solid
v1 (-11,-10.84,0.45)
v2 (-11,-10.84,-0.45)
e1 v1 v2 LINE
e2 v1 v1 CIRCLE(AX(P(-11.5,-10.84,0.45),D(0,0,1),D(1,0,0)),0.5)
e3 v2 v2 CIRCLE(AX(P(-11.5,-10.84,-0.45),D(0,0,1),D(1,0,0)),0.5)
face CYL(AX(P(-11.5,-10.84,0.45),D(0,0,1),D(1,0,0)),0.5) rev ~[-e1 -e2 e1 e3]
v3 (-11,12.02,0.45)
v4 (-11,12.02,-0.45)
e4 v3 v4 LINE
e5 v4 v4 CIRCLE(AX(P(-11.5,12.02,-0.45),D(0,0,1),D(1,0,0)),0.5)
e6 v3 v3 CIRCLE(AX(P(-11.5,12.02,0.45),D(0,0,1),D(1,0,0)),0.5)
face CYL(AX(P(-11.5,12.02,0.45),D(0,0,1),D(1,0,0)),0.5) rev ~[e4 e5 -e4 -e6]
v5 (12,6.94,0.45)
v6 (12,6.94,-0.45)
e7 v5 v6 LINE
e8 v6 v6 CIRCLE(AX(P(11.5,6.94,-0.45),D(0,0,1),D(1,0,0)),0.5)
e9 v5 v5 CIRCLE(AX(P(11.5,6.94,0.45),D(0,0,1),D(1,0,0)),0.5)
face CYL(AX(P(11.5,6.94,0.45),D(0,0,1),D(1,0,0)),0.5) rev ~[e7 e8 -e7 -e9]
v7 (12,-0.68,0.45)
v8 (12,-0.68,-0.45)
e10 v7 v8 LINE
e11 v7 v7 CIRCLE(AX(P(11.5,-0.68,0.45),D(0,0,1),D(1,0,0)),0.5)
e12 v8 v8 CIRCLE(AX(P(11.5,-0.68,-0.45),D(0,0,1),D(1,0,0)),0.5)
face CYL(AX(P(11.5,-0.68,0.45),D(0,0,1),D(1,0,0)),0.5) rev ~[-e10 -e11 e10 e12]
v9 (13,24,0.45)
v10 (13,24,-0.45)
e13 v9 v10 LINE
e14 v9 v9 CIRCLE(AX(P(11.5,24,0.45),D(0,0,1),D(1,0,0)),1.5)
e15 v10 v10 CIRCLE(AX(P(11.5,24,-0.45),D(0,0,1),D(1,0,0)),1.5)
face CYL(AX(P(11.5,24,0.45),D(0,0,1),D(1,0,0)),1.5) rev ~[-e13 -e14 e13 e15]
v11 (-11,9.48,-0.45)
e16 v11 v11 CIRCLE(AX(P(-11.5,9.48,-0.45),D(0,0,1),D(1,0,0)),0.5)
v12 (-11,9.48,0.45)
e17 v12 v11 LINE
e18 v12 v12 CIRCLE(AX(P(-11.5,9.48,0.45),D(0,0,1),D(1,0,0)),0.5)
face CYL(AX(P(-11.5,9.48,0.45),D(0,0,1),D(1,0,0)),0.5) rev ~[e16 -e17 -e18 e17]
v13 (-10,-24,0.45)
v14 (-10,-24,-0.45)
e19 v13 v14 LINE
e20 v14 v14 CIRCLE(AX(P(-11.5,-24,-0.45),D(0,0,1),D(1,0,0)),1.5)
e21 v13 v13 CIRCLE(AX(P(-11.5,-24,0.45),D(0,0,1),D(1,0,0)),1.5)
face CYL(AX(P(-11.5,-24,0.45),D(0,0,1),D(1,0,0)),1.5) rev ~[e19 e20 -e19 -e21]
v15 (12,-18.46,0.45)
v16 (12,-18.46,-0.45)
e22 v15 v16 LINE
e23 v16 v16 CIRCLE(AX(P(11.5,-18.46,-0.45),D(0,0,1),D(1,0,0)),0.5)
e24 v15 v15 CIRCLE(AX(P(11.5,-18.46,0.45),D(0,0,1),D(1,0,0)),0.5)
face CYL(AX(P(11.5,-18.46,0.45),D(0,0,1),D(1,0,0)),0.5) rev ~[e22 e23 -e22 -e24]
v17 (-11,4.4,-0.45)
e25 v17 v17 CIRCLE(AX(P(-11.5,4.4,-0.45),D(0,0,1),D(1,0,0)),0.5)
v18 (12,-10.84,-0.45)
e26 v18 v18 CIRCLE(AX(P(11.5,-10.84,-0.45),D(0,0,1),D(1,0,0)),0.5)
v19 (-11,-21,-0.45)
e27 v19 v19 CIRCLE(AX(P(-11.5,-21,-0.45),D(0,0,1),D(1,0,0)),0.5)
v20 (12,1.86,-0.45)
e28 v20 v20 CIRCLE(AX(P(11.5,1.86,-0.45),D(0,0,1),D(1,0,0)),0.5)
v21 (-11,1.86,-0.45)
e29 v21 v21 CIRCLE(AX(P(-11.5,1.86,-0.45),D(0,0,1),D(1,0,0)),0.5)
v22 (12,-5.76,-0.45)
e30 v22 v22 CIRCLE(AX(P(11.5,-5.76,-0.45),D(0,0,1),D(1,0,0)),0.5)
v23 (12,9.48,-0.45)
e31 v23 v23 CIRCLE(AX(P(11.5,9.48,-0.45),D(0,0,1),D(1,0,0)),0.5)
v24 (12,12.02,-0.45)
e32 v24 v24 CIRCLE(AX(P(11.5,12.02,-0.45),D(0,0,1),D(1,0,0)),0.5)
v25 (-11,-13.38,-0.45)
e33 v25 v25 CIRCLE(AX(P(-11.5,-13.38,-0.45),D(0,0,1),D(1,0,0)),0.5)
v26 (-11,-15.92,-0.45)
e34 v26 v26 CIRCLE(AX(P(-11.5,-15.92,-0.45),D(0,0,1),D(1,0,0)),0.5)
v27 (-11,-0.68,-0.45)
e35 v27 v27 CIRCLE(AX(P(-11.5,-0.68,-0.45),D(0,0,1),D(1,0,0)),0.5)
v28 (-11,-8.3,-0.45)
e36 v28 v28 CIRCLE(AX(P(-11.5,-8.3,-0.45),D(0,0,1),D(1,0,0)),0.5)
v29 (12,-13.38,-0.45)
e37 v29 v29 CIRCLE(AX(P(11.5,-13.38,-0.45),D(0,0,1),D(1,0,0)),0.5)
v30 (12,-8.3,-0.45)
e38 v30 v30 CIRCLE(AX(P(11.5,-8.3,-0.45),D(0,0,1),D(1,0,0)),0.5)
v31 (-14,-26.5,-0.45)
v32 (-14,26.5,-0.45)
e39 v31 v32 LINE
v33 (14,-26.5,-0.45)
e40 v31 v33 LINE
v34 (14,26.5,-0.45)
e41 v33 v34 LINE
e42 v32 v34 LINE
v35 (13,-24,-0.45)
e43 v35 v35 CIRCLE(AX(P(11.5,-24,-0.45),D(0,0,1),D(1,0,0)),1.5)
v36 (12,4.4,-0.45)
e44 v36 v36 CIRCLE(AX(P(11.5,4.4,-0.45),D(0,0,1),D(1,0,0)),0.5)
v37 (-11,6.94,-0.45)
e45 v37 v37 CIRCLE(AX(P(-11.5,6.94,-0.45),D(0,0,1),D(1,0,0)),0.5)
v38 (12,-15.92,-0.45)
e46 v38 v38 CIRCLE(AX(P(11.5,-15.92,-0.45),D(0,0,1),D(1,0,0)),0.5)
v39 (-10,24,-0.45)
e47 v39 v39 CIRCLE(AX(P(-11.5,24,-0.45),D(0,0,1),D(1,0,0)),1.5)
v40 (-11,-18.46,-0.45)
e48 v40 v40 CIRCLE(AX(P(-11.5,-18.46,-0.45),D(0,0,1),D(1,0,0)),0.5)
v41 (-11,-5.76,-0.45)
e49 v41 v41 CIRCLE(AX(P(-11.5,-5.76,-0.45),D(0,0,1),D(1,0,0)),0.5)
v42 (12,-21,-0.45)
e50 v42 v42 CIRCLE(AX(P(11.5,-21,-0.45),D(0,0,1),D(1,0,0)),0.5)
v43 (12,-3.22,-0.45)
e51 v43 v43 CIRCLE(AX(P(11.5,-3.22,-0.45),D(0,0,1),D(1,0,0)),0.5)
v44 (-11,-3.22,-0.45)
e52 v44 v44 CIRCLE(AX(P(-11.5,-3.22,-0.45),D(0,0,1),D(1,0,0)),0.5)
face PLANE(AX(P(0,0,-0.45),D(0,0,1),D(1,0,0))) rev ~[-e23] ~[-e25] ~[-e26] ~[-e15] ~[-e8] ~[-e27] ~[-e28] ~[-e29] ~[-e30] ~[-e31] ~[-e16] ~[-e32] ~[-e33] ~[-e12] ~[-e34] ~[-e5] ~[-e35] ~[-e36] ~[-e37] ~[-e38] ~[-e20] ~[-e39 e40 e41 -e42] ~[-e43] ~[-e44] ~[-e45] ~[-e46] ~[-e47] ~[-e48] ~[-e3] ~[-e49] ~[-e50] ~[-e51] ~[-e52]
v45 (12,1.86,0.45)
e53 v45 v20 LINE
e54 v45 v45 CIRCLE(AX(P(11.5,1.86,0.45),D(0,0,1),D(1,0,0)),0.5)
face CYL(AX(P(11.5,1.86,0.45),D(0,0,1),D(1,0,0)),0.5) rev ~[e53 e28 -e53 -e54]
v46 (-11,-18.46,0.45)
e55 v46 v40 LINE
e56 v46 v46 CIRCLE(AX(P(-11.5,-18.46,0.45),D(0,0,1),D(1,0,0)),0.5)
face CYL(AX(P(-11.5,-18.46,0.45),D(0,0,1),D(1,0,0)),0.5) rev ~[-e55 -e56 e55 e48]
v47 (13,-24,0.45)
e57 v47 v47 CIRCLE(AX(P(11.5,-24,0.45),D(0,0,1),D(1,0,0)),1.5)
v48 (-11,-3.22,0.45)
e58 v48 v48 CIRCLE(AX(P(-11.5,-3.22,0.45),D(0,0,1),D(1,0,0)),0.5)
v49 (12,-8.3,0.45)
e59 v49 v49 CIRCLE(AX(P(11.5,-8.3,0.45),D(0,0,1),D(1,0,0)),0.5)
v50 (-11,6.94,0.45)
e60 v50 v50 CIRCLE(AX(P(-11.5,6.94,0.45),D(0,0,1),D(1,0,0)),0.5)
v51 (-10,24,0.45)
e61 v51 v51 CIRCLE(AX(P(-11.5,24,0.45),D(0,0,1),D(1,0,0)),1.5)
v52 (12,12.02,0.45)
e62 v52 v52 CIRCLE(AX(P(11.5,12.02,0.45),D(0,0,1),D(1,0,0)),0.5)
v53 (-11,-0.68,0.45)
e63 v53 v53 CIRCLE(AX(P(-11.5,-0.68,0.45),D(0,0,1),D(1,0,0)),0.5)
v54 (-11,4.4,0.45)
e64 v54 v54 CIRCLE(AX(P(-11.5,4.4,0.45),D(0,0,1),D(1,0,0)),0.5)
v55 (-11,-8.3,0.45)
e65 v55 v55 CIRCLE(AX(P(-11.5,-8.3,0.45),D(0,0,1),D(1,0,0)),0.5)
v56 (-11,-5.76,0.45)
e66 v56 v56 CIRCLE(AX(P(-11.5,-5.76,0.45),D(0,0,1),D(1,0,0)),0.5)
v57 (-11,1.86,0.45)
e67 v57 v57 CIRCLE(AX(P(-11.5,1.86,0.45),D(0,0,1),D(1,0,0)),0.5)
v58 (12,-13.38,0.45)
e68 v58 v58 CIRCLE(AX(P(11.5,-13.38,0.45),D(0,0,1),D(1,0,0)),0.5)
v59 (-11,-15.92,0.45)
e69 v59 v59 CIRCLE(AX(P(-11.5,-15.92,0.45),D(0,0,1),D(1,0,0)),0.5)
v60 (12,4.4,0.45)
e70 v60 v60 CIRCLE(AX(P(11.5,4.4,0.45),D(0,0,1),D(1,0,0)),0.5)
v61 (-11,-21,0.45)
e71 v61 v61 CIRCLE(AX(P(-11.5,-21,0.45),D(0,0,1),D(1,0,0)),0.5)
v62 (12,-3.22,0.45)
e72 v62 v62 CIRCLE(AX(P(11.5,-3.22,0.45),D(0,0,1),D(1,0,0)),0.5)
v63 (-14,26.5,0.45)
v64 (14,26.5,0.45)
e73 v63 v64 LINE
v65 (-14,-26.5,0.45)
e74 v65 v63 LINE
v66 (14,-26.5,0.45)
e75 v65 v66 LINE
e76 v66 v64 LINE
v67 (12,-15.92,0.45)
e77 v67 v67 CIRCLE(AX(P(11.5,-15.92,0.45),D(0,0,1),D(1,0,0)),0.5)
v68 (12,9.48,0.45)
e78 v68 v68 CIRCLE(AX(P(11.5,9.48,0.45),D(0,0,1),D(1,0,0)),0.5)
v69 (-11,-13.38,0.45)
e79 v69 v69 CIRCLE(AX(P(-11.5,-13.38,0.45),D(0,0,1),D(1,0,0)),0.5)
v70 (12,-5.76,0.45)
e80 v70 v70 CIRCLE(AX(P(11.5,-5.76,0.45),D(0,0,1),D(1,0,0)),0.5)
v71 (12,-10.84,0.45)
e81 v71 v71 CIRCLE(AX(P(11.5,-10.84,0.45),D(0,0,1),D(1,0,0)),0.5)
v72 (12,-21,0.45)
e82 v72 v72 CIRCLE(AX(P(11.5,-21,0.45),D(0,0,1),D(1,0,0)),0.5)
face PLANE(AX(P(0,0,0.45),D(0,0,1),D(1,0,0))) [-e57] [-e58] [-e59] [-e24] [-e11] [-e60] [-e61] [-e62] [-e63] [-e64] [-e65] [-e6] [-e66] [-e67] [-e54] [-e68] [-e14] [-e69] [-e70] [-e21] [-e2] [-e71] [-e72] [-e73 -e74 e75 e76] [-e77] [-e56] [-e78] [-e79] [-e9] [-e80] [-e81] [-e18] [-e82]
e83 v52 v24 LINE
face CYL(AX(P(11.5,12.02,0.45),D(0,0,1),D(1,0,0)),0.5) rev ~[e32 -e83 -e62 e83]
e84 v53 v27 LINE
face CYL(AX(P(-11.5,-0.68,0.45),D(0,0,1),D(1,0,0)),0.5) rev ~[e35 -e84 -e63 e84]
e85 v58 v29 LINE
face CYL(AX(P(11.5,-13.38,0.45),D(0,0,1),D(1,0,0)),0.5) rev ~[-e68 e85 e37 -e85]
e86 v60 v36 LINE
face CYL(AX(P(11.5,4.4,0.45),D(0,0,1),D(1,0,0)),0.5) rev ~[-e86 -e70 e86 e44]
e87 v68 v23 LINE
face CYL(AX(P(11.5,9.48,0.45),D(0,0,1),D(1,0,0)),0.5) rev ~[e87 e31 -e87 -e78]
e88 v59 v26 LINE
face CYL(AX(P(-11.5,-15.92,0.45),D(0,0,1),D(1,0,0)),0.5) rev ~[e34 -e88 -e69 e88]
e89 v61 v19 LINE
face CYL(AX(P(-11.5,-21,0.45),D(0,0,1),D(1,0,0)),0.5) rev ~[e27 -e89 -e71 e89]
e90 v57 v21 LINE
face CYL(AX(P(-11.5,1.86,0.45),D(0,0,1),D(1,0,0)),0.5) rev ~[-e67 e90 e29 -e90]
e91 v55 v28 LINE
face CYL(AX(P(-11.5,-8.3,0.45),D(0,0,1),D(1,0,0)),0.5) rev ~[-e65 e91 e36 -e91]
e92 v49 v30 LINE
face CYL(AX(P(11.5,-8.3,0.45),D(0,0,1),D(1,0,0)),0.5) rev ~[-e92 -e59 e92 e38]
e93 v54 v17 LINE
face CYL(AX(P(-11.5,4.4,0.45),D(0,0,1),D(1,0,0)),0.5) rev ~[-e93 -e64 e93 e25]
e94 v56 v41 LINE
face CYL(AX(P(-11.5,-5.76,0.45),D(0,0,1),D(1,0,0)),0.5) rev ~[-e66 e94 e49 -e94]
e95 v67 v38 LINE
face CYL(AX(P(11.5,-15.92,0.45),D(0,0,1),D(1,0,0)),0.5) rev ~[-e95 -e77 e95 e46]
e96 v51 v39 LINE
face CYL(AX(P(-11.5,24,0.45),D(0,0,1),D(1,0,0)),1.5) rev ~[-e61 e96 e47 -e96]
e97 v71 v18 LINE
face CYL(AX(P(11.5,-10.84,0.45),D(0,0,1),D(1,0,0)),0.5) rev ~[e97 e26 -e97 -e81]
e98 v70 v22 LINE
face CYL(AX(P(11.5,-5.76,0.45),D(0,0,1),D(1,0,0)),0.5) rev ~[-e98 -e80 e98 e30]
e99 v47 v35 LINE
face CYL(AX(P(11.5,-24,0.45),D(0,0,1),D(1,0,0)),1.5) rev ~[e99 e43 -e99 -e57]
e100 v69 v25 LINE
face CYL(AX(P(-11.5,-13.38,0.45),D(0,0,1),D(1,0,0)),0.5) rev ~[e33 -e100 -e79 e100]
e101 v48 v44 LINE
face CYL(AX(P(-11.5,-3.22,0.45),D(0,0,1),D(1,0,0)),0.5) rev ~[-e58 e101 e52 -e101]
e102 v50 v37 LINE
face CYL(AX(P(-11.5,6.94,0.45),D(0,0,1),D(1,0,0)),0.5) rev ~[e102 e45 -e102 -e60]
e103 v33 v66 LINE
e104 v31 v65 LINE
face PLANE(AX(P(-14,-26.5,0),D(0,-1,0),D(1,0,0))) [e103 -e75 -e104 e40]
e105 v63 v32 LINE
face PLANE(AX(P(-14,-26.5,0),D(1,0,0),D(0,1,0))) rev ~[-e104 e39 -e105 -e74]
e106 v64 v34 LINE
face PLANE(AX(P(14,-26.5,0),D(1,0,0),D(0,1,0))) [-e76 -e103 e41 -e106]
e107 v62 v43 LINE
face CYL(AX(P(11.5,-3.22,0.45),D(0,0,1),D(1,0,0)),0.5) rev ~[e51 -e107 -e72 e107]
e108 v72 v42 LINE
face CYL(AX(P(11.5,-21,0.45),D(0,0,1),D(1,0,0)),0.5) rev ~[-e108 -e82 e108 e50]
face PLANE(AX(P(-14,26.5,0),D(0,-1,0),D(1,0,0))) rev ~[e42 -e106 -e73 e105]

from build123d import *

# Parameters (mm, degrees)
ESBO_O1_W                = 28
ESBO_O1_H                = 53
RESSALTO_EXTRUS_O1_DEPTH = 0.45
CORTE_EXTRUS_O1_REACH    = 31.984
ESBO_O4_R                = 1.5
CORTE_EXTRUS_O2_REACH    = 31.984
ESBO_O5_R                = 0.5
PADR_O_LINEAR1_COUNT     = 14
PADR_O_LINEAR1_PITCH     = 2.54


with BuildPart() as part:
    # Esboço1 → Ressalto-extrusão1 (new, symmetric)
    with BuildSketch(Plane.XY):
        Rectangle(ESBO_O1_W, ESBO_O1_H)
    extrude(amount=RESSALTO_EXTRUS_O1_DEPTH, both=True)

    # Esboço4 → Corte-extrusão1 (cut, up to next)
    with BuildSketch(Plane.XY.offset(0.45), mode=Mode.PRIVATE) as corte_extrus_o1_sk1:
        with Locations((-11.5, -24)):
            Circle(ESBO_O4_R)
    corte_extrus_o1_tool1 = extrude(corte_extrus_o1_sk1.sketch, amount=-CORTE_EXTRUS_O1_REACH, mode=Mode.PRIVATE) & part.part
    # Esboço4 → Corte-extrusão1 (cut, up to next)
    with BuildSketch(Plane.XY.offset(0.45), mode=Mode.PRIVATE) as corte_extrus_o1_sk2:
        with Locations((11.5, -24)):
            Circle(ESBO_O4_R)
    corte_extrus_o1_tool2 = extrude(corte_extrus_o1_sk2.sketch, amount=-CORTE_EXTRUS_O1_REACH, mode=Mode.PRIVATE) & part.part
    # Esboço4 → Corte-extrusão1 (cut, up to next)
    with BuildSketch(Plane.XY.offset(0.45), mode=Mode.PRIVATE) as corte_extrus_o1_sk3:
        with Locations((11.5, 24)):
            Circle(ESBO_O4_R)
    corte_extrus_o1_tool3 = extrude(corte_extrus_o1_sk3.sketch, amount=-CORTE_EXTRUS_O1_REACH, mode=Mode.PRIVATE) & part.part
    # Esboço4 → Corte-extrusão1 (cut, up to next)
    with BuildSketch(Plane.XY.offset(0.45), mode=Mode.PRIVATE) as corte_extrus_o1_sk4:
        with Locations((-11.5, 24)):
            Circle(ESBO_O4_R)
    corte_extrus_o1_tool4 = extrude(corte_extrus_o1_sk4.sketch, amount=-CORTE_EXTRUS_O1_REACH, mode=Mode.PRIVATE) & part.part
    add(corte_extrus_o1_tool1.solids().sort_by_distance((-11.5, -24, 0.45))[0], mode=Mode.SUBTRACT)
    add(corte_extrus_o1_tool2.solids().sort_by_distance((11.5, -24, 0.45))[0], mode=Mode.SUBTRACT)
    add(corte_extrus_o1_tool3.solids().sort_by_distance((11.5, 24, 0.45))[0], mode=Mode.SUBTRACT)
    add(corte_extrus_o1_tool4.solids().sort_by_distance((-11.5, 24, 0.45))[0], mode=Mode.SUBTRACT)

    # Esboço5 → Corte-extrusão2 (cut, up to next)
    with BuildSketch(Plane.XY.offset(0.45), mode=Mode.PRIVATE) as corte_extrus_o2_sk1:
        with Locations((-11.5, -21)):
            Circle(ESBO_O5_R)
    corte_extrus_o2_tool1 = extrude(corte_extrus_o2_sk1.sketch, amount=-CORTE_EXTRUS_O2_REACH, mode=Mode.PRIVATE) & part.part
    # Esboço5 → Corte-extrusão2 (cut, up to next)
    with BuildSketch(Plane.XY.offset(0.45), mode=Mode.PRIVATE) as corte_extrus_o2_sk2:
        with Locations((11.5, -21)):
            Circle(ESBO_O5_R)
    corte_extrus_o2_tool2 = extrude(corte_extrus_o2_sk2.sketch, amount=-CORTE_EXTRUS_O2_REACH, mode=Mode.PRIVATE) & part.part
    corte_extrus_o2_1 = corte_extrus_o2_tool1.solids().sort_by_distance((-11.5, -21, 0.45))[0]
    add(corte_extrus_o2_1, mode=Mode.SUBTRACT)
    corte_extrus_o2_2 = corte_extrus_o2_tool2.solids().sort_by_distance((11.5, -21, 0.45))[0]
    add(corte_extrus_o2_2, mode=Mode.SUBTRACT)
    corte_extrus_o2 = corte_extrus_o2_1 + corte_extrus_o2_2  # Corte-extrusão2 as one shape, for the pattern or mirror that repeats it

    # Padrão linear1: Corte-extrusão2 ×14
    with Locations(*[(0, i * PADR_O_LINEAR1_PITCH, 0) for i in range(1, PADR_O_LINEAR1_COUNT)]):
        add(corte_extrus_o2, mode=Mode.SUBTRACT)


solid = part.part
